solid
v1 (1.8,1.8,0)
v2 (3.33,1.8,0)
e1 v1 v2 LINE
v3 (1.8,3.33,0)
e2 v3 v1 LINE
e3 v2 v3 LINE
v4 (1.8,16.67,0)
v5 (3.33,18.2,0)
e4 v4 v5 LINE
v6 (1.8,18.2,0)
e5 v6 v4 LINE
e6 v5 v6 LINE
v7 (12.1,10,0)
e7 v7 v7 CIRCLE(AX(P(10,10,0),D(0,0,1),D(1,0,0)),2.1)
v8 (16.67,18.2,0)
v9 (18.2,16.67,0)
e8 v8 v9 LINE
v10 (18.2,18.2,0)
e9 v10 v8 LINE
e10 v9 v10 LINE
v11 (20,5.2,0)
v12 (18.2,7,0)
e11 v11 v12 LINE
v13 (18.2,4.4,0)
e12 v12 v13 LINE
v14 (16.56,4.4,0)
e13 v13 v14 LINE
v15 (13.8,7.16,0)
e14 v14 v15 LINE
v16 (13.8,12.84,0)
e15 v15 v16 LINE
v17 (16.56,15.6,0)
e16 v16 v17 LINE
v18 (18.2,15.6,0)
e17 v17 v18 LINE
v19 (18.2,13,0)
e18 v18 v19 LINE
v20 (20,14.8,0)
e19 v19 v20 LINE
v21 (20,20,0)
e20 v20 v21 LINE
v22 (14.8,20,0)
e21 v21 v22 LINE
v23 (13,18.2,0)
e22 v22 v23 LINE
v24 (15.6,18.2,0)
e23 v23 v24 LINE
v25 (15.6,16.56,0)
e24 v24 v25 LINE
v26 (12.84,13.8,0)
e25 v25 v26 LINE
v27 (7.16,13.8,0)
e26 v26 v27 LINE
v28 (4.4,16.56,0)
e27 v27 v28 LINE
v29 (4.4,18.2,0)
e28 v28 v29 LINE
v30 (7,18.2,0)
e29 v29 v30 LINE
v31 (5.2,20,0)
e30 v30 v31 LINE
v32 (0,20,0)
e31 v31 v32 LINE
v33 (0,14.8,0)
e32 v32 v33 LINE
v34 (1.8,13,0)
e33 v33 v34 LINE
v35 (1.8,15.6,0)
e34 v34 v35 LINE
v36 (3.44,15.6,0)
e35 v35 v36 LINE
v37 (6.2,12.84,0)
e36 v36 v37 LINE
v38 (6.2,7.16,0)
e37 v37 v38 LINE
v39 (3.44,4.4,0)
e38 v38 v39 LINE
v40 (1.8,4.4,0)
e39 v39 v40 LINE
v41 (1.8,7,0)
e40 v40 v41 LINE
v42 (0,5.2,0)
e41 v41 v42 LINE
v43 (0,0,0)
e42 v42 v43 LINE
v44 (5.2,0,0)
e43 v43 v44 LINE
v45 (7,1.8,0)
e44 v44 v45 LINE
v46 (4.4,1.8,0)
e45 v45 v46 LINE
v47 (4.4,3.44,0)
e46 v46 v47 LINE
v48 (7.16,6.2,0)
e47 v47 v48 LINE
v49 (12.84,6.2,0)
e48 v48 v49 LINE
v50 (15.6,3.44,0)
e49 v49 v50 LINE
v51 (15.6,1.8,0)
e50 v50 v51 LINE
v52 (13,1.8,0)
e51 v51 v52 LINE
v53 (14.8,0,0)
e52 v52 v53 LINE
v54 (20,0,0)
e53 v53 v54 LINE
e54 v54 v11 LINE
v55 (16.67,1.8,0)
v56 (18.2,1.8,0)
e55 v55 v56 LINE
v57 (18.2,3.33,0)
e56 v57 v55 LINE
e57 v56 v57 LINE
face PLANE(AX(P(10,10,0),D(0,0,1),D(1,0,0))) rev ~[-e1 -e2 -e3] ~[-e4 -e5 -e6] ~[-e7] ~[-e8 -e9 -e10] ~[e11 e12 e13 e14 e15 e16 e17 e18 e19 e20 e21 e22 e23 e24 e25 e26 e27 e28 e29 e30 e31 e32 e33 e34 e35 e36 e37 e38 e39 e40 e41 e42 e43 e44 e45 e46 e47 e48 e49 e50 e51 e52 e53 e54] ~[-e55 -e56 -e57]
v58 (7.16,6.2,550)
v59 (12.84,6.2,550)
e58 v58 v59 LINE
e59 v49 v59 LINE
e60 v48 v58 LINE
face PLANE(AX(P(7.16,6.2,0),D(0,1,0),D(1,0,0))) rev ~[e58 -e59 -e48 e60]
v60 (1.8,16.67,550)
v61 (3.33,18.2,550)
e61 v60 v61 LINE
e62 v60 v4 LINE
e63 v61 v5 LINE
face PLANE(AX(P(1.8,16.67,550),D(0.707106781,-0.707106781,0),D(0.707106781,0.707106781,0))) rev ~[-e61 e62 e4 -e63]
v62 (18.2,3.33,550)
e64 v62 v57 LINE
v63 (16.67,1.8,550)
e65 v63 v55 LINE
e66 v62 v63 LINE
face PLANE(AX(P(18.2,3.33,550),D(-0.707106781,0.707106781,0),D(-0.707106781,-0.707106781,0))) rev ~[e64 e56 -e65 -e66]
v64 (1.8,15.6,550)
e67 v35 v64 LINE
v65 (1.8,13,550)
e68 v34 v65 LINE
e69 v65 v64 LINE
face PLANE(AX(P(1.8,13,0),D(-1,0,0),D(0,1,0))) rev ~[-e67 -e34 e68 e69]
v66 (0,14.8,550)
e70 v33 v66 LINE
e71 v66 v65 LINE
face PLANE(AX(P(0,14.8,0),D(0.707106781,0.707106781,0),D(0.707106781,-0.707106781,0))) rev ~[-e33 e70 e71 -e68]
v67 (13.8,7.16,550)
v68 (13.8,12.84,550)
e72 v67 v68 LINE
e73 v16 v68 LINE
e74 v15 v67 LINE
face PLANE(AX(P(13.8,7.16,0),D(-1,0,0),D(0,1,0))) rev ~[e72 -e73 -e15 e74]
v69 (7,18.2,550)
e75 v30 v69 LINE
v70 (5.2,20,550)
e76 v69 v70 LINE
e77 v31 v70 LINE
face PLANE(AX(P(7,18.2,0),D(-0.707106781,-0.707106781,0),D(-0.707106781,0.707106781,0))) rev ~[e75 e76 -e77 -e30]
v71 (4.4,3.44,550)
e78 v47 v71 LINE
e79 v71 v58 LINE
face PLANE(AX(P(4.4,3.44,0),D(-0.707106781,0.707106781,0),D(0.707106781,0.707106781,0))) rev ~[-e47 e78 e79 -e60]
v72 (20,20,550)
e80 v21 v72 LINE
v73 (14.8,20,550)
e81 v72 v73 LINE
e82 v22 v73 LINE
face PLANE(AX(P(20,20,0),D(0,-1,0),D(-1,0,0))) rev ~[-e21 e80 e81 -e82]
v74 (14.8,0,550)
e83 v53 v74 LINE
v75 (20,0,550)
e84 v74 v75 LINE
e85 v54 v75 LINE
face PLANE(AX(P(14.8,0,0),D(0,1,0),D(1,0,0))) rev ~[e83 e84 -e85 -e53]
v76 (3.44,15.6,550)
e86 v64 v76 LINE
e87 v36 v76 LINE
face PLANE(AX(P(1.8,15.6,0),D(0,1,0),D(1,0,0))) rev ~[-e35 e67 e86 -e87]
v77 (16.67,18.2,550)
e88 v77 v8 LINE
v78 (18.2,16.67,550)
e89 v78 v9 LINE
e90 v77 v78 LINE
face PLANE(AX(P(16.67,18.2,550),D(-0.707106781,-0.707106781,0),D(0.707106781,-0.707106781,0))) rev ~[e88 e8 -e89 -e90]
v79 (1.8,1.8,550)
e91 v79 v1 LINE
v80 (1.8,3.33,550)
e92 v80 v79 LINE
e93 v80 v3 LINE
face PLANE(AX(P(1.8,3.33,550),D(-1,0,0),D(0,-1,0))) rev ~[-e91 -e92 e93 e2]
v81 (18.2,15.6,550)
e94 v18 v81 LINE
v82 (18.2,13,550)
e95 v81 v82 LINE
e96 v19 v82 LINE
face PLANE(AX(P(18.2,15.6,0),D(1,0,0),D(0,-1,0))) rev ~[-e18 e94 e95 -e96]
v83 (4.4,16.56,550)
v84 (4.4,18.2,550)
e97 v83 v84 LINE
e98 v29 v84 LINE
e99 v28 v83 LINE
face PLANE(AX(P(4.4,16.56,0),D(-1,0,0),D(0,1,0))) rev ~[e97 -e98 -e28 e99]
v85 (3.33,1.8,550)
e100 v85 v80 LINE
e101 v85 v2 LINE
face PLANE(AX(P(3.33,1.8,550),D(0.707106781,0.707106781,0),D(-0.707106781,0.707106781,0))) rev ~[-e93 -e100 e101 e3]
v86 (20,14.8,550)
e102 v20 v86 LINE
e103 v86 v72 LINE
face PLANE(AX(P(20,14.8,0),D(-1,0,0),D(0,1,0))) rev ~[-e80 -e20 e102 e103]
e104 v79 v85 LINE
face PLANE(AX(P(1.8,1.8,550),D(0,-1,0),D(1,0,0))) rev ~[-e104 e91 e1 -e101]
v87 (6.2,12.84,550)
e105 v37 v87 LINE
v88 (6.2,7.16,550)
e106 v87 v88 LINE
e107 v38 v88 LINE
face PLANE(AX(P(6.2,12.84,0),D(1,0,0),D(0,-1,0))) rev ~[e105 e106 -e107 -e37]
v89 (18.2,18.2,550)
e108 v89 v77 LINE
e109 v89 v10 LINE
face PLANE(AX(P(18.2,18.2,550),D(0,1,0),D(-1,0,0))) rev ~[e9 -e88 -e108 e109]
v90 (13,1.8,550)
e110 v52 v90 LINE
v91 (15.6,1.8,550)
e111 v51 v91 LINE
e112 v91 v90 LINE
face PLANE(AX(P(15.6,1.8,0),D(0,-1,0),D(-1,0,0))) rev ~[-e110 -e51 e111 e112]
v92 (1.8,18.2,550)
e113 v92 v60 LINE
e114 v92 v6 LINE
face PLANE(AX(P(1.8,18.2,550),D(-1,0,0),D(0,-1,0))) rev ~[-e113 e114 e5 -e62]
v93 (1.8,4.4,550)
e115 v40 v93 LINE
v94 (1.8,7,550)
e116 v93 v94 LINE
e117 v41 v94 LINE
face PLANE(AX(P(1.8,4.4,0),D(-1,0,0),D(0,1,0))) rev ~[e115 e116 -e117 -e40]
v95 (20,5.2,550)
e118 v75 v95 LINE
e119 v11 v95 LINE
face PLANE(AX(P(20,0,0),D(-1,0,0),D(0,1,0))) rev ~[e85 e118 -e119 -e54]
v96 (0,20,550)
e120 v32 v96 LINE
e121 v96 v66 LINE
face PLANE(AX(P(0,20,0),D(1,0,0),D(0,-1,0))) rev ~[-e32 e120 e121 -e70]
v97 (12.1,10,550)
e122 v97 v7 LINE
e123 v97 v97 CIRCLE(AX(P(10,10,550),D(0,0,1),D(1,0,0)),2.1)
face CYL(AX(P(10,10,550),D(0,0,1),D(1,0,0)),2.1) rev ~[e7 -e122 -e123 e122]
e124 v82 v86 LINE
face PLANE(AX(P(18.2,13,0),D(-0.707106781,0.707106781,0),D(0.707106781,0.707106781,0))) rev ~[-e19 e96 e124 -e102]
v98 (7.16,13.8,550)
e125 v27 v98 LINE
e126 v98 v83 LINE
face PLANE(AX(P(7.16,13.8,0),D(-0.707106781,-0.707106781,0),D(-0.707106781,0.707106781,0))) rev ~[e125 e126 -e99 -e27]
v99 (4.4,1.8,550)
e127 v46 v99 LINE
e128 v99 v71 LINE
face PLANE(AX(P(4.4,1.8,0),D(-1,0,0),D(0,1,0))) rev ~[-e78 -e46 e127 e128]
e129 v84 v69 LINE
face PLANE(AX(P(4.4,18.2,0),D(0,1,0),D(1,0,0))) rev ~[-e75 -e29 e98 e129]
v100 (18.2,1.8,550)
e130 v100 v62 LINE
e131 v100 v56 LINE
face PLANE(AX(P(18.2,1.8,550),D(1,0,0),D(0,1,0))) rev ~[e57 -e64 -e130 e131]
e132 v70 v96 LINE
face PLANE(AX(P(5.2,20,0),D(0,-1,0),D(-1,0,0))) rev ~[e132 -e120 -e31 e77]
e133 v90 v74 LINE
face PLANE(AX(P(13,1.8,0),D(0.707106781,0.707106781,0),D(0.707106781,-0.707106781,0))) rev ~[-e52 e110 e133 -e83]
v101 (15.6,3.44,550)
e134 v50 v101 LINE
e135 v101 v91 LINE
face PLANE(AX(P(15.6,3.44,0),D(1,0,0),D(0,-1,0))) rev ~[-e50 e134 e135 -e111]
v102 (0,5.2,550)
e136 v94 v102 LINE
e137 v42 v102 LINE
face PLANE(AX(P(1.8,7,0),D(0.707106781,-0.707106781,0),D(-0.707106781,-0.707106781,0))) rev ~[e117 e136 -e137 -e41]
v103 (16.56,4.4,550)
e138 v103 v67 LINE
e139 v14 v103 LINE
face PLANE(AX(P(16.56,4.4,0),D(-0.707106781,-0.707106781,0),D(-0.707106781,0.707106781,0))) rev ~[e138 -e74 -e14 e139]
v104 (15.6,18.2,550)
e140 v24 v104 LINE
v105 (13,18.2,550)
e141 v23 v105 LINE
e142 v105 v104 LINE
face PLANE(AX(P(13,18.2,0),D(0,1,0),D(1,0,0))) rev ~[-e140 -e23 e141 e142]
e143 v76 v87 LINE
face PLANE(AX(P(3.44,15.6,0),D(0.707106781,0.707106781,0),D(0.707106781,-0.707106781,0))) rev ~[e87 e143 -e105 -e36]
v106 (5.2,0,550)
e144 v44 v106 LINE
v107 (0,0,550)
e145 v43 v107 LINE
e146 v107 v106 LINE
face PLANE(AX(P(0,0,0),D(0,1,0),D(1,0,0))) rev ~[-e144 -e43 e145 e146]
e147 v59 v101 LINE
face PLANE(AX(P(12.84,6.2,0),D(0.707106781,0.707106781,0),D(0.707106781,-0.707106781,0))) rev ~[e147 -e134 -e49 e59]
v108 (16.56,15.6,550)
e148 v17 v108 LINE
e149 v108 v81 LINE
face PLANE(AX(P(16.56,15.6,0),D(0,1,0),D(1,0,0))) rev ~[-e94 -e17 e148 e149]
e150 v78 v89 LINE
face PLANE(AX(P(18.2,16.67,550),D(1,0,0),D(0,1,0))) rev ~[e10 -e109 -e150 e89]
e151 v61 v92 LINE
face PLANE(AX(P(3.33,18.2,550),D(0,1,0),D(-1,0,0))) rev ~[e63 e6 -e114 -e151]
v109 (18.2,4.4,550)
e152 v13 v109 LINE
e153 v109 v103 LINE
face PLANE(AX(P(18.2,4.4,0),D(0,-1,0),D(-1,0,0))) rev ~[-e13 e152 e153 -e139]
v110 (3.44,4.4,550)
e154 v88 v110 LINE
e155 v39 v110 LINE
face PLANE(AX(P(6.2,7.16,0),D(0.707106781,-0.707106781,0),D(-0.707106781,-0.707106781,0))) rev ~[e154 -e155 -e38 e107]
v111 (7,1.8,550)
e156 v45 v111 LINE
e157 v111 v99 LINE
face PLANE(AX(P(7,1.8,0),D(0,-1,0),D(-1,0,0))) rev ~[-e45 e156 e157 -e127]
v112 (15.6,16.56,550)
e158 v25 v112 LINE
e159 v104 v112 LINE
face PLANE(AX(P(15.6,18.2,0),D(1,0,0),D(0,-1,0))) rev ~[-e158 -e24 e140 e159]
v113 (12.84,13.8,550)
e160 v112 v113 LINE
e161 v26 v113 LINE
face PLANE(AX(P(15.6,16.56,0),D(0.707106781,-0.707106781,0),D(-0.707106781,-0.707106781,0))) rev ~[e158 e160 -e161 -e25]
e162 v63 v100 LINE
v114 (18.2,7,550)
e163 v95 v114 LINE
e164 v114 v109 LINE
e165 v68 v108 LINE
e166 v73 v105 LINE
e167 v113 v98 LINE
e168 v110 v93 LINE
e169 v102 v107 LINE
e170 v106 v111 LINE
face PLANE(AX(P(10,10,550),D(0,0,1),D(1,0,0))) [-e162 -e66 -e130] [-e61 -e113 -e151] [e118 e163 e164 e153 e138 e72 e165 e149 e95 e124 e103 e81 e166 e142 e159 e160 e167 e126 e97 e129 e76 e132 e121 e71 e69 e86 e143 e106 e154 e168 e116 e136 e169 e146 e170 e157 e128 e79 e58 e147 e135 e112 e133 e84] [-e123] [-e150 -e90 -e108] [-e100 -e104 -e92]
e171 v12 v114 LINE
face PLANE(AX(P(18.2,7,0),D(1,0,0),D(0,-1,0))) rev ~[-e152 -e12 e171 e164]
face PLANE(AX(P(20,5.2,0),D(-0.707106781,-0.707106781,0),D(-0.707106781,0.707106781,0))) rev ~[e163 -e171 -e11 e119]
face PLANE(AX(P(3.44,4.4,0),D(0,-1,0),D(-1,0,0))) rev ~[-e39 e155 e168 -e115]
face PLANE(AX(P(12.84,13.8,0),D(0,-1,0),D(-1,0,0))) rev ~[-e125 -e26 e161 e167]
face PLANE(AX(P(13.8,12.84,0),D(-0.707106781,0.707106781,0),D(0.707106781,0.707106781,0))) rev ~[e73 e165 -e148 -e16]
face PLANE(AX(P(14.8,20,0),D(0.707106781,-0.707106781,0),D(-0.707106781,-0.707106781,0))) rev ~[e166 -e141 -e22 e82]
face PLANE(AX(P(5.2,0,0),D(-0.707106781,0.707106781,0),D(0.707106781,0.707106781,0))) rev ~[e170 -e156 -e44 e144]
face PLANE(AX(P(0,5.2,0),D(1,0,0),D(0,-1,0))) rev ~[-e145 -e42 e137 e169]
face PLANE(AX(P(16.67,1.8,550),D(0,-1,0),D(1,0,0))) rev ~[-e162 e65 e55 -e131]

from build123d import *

# Parameters (mm, degrees)
F1_DEPTH = 550
F2_R     = 2.1
F3_DEPTH = 550.001


with BuildPart() as f1:
    # F0 (on Top) → F1 (new body)
    with BuildSketch(Plane.XY):
        Polygon((0, 5.2), (0, 0), (5.2, 0), (7, 1.8), (4.4, 1.8), (4.4, 3.44), (7.16, 6.2), (12.84, 6.2), (15.6, 3.44), (15.6, 1.8), (13, 1.8), (14.8, 0), (20, 0), (20, 5.2), (18.2, 7), (18.2, 4.4), (16.56, 4.4), (13.8, 7.16), (13.8, 12.84), (16.56, 15.6), (18.2, 15.6), (18.2, 13), (20, 14.8), (20, 20), (14.8, 20), (13, 18.2), (15.6, 18.2), (15.6, 16.56), (12.84, 13.8), (7.16, 13.8), (4.4, 16.56), (4.4, 18.2), (7, 18.2), (5.2, 20), (0, 20), (0, 14.8), (1.8, 13), (1.8, 15.6), (3.44, 15.6), (6.2, 12.84), (6.2, 7.16), (3.44, 4.4), (1.8, 4.4), (1.8, 7), align=None)
    extrude(amount=F1_DEPTH)

    # F2 (on face) → F3 (cut, through all)
    with BuildSketch(Plane.XY.offset(550)):
        with Locations((10, 10)):
            Circle(F2_R)
        Polygon((18.2, 16.67), (18.2, 18.2), (16.67, 18.2), align=None)
        Polygon((3.33, 18.2), (1.8, 18.2), (1.8, 16.67), align=None)
        Polygon((1.8, 3.33), (1.8, 1.8), (3.33, 1.8), align=None)
        Polygon((16.67, 1.8), (18.2, 1.8), (18.2, 3.33), align=None)
    extrude(amount=-F3_DEPTH, mode=Mode.SUBTRACT)


solid = f1.part
